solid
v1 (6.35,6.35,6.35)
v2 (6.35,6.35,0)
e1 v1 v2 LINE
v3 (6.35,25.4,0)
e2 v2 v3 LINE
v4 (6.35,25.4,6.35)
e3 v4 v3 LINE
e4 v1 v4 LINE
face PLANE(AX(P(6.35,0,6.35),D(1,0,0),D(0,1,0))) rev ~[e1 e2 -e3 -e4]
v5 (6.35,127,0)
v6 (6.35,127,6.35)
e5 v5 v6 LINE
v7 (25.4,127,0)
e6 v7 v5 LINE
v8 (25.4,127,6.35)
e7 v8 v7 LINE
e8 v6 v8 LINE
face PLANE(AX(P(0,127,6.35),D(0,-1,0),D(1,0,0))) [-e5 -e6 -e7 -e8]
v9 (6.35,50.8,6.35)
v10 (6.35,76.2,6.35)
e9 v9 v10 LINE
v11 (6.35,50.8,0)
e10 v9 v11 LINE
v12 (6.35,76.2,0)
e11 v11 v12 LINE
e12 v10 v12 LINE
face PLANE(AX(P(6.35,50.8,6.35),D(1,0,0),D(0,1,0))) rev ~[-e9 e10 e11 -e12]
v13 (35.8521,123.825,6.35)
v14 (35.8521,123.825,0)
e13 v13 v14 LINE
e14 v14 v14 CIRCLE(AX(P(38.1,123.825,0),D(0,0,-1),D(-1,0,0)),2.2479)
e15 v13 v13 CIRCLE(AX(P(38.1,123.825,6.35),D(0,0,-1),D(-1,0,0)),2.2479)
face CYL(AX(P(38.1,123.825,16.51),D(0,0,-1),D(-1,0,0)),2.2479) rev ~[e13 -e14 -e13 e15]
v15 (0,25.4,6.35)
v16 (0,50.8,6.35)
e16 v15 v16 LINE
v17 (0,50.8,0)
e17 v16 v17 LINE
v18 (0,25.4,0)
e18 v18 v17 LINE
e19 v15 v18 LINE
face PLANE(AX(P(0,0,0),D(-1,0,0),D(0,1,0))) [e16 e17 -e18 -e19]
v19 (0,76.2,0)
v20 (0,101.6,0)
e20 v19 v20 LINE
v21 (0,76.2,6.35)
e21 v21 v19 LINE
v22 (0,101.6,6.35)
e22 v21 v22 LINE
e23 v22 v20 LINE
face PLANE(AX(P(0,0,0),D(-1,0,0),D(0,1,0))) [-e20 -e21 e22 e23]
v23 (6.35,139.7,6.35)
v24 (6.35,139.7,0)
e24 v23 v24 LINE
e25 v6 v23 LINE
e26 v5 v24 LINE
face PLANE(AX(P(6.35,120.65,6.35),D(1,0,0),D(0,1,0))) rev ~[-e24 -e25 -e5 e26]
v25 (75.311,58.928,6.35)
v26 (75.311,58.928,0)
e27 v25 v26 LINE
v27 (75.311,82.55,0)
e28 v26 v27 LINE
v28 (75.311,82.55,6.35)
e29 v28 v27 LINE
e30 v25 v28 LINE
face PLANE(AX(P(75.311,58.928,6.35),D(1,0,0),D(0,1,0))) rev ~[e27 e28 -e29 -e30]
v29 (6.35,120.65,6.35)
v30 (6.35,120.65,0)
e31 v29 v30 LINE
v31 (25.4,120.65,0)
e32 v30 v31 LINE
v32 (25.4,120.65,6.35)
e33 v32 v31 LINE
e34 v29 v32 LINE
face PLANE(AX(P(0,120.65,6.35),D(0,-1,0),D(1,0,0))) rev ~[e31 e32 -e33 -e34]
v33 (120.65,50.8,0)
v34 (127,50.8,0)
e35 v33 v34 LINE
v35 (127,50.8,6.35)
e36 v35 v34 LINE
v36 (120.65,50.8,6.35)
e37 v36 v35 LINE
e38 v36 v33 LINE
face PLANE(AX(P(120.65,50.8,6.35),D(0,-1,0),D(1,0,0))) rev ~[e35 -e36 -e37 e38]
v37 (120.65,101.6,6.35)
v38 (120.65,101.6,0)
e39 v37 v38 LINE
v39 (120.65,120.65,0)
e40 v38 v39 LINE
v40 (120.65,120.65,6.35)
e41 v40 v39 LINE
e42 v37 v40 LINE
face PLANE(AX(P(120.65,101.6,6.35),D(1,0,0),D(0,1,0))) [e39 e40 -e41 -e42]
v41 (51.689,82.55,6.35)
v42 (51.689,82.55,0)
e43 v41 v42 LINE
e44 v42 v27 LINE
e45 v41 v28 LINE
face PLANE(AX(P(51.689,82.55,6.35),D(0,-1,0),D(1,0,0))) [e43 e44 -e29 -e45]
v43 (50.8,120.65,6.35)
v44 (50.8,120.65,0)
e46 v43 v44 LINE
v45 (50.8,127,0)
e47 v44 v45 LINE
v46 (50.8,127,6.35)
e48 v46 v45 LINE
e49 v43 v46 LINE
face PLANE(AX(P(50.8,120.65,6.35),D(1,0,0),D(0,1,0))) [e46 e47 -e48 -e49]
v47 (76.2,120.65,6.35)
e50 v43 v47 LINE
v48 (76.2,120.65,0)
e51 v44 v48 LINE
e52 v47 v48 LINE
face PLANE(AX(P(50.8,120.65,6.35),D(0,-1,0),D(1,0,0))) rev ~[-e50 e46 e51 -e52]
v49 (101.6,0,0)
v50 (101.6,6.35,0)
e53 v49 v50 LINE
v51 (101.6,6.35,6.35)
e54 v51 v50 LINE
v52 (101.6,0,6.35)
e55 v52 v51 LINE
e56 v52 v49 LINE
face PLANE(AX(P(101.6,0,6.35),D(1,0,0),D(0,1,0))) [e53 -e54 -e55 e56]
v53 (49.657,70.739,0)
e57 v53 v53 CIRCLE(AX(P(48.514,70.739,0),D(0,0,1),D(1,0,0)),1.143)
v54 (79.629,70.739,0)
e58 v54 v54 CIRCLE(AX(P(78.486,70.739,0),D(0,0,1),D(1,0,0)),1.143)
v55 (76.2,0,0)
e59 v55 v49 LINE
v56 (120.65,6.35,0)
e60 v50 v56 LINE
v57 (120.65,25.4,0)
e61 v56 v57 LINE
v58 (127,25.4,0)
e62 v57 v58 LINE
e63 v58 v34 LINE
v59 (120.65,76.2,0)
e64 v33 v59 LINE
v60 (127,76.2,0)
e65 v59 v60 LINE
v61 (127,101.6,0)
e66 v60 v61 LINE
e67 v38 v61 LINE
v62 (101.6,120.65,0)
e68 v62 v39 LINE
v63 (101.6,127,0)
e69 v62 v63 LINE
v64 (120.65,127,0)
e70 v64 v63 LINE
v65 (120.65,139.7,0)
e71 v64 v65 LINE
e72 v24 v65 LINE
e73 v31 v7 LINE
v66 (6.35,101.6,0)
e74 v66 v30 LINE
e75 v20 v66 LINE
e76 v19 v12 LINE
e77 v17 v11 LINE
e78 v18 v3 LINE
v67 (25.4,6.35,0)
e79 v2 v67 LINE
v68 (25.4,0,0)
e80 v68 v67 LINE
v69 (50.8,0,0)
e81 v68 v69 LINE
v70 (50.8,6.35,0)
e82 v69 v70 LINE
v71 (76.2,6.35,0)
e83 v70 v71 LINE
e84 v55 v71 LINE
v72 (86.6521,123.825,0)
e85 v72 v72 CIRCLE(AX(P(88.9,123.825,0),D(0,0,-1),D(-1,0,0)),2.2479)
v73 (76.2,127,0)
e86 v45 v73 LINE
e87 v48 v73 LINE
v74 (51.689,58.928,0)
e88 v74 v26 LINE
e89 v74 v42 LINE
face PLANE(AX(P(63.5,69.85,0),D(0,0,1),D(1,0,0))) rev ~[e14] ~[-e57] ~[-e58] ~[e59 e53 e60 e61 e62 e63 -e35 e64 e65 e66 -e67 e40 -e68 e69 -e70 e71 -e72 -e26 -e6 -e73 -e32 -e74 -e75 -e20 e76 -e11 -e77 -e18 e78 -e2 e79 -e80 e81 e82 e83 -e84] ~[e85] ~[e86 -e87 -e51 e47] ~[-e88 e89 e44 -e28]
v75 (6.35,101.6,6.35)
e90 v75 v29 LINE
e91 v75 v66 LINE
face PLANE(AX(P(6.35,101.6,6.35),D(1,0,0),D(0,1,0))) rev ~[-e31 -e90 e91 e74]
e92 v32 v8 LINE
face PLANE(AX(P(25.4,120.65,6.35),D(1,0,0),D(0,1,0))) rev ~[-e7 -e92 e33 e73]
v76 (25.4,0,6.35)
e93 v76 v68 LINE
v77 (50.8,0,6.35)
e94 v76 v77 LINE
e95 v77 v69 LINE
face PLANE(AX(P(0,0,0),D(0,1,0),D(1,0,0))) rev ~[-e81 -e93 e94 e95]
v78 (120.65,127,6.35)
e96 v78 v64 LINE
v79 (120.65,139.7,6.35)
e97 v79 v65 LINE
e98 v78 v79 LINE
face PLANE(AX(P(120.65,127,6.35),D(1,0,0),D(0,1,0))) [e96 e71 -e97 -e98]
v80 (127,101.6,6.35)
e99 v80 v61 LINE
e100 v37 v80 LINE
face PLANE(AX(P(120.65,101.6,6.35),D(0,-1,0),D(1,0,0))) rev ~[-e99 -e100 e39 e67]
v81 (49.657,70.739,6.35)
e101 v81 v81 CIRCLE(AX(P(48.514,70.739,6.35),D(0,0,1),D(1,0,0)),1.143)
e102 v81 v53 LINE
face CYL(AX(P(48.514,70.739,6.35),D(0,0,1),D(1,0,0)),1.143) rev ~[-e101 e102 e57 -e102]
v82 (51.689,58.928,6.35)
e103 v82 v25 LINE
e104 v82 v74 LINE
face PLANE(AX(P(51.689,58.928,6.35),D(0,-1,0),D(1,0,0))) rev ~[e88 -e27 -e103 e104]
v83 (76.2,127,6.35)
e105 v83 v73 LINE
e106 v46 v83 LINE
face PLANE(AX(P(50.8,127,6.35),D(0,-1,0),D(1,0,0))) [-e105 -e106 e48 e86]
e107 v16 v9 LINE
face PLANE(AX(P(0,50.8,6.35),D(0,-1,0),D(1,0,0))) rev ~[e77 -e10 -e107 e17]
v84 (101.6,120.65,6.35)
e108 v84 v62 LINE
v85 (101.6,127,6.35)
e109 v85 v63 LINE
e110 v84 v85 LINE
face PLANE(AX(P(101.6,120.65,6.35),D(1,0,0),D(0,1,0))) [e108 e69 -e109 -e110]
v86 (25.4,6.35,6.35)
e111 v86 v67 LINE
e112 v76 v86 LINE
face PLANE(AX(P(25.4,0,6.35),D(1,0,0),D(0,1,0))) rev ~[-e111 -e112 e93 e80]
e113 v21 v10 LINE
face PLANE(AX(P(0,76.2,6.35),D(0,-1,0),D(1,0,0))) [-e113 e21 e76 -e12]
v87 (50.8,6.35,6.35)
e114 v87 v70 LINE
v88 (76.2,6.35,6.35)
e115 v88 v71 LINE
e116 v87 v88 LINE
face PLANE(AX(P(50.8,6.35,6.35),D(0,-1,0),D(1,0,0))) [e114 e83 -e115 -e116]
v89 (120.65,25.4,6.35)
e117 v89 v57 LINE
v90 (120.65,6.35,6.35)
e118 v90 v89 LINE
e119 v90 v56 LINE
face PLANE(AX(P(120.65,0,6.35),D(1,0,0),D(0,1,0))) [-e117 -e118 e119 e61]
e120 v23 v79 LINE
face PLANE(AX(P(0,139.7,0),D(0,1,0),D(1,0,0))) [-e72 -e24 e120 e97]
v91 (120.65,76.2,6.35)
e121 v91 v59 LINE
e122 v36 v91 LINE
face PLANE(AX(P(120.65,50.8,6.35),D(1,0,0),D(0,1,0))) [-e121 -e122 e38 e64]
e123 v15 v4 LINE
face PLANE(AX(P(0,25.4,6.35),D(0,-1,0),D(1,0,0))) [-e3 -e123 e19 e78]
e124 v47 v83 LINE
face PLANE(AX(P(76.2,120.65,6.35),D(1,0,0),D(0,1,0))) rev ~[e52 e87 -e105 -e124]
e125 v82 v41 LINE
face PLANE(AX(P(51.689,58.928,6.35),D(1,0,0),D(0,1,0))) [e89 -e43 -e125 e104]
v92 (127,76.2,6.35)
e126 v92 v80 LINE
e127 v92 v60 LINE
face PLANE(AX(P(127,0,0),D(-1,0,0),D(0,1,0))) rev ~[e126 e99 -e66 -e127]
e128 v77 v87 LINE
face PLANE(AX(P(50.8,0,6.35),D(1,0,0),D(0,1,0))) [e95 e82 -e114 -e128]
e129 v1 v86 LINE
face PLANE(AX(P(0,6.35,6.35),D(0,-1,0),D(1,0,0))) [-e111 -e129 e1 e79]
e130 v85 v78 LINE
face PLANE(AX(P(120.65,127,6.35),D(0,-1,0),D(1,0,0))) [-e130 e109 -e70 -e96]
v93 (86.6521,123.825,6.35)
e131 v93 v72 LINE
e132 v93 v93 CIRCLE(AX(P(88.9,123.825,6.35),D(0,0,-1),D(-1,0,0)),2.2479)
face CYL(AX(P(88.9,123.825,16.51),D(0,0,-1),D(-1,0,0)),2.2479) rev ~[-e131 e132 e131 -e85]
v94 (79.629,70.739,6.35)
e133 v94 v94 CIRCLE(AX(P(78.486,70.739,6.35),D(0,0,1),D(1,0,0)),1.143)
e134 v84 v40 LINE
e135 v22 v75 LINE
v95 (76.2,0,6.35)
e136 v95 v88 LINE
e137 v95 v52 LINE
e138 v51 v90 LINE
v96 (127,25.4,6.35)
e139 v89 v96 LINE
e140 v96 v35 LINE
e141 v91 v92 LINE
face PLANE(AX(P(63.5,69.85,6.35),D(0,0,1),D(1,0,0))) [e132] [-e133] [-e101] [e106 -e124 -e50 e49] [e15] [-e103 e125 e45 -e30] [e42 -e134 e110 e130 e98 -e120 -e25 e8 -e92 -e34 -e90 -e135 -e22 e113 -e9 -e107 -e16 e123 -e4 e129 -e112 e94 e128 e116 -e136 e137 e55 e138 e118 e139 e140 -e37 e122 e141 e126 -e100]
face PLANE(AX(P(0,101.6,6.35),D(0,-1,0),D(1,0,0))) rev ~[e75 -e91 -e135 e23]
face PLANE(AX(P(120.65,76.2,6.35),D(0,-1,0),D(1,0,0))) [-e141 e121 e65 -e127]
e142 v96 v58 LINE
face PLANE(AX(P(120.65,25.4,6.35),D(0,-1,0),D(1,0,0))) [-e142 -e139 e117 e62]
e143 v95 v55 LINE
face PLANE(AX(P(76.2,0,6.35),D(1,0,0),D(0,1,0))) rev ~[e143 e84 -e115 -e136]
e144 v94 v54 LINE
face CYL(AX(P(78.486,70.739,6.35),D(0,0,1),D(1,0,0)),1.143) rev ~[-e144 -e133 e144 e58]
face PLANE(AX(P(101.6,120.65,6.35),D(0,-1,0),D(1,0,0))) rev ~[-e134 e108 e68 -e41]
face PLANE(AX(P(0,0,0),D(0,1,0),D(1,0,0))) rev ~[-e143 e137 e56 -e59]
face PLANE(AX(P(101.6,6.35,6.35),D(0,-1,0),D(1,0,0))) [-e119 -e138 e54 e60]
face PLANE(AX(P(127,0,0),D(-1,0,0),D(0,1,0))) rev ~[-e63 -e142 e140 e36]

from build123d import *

# Parameters (mm, degrees)
SKETCH1_W                 = 127
SKETCH1_H                 = 139.7
BOSS_EXTRUDE1_DEPTH       = 6.35
SKETCH5_W                 = 6.35
SKETCH5_H                 = 25.4
CUT_EXTRUDE4_DEPTH        = 6.35
SKETCH6_W                 = 25.4
SKETCH6_H                 = 6.35
CUT_EXTRUDE5_DEPTH        = 6.35
LPATTERN5_COUNT           = 3
LPATTERN5_PITCH           = 50.8
LPATTERN5_COUNT_DIR2      = 2
LPATTERN5_PITCH_DIR2      = 120.65
LPATTERN6_COUNT           = 3
LPATTERN6_PITCH           = 50.8
LPATTERN6_COUNT_DIR2      = 2
LPATTERN6_PITCH_DIR2      = 120.65
SKETCH7_W                 = 6.35
SKETCH7_H                 = 19.05
CUT_EXTRUDE6_DEPTH        = 6.35
SKETCH12_W                = 6.35
SKETCH12_H                = 12.7
CUT_EXTRUDE9_DEPTH        = 7.62
F_8_CLEARANCE_HOLE1_D     = 4.4958
F_8_CLEARANCE_HOLE1_DEPTH = 10.16
F_8_CLEARANCE_HOLE1_TIP   = 1.350674586
SKETCH11_R                = 1.143
SKETCH11_W                = 23.622
SKETCH11_H                = 23.622
CUT_EXTRUDE8_DEPTH        = 7.62


with BuildPart() as part:
    # Sketch1 → Boss-Extrude1 (new body)
    with BuildSketch(Plane.XY):
        with Locations((63.5, 69.85)):
            Rectangle(SKETCH1_W, SKETCH1_H)
    extrude(amount=BOSS_EXTRUDE1_DEPTH)

    # Sketch5 → Cut-Extrude4 (cut)
    with BuildSketch(Plane.XY.offset(6.35)):
        with Locations((3.175, 12.7)):
            Rectangle(SKETCH5_W, SKETCH5_H)
    cut_extrude4 = extrude(amount=-CUT_EXTRUDE4_DEPTH, mode=Mode.SUBTRACT)

    # Sketch6 → Cut-Extrude5 (cut)
    with BuildSketch(Plane.XY.offset(6.35)):
        with Locations((12.7, 3.175)):
            Rectangle(SKETCH6_W, SKETCH6_H)
    cut_extrude5 = extrude(amount=-CUT_EXTRUDE5_DEPTH, mode=Mode.SUBTRACT)

    # LPattern5: Cut-Extrude4 3 × 2
    with Locations(*[(j * LPATTERN5_PITCH_DIR2, i * LPATTERN5_PITCH, 0) for i in range(LPATTERN5_COUNT) for j in range(LPATTERN5_COUNT_DIR2) if (i, j) != (0, 0)]):
        add(cut_extrude4, mode=Mode.SUBTRACT)

    # LPattern6: Cut-Extrude5 3 × 2
    with Locations(*[(i * LPATTERN6_PITCH, j * LPATTERN6_PITCH_DIR2, 0) for i in range(LPATTERN6_COUNT) for j in range(LPATTERN6_COUNT_DIR2) if (i, j) != (0, 0)]):
        add(cut_extrude5, mode=Mode.SUBTRACT)

    # Sketch7 → Cut-Extrude6 (cut)
    with BuildSketch(Plane.XY.offset(6.35)):
        with Locations((3.175, 130.175)):
            Rectangle(SKETCH7_W, SKETCH7_H)
    extrude(amount=-CUT_EXTRUDE6_DEPTH, mode=Mode.SUBTRACT)

    # Sketch12 → Cut-Extrude9 (cut)
    with BuildSketch(Plane.XY.offset(6.35)):
        with Locations((123.825, 133.35)):
            Rectangle(SKETCH12_W, SKETCH12_H)
    extrude(amount=-CUT_EXTRUDE9_DEPTH, mode=Mode.SUBTRACT)

    # #8 Clearance Hole1
    with Locations(Plane.XY.offset(6.35)):
        with Locations((38.1, 123.825), (88.9, 123.825)):
            Hole(F_8_CLEARANCE_HOLE1_D / 2, depth=F_8_CLEARANCE_HOLE1_DEPTH)
            with Locations((0, 0, -(F_8_CLEARANCE_HOLE1_DEPTH + F_8_CLEARANCE_HOLE1_TIP / 2))):  # 118° drill point
                Cone(0, F_8_CLEARANCE_HOLE1_D / 2, F_8_CLEARANCE_HOLE1_TIP, mode=Mode.SUBTRACT)

    # Sketch11 → Cut-Extrude8 (cut)
    with BuildSketch(Plane.XY.offset(6.35)):
        with Locations((48.514, 70.739)):
            Circle(SKETCH11_R)
        with Locations((78.486, 70.739)):
            Circle(SKETCH11_R)
        with Locations((63.5, 70.739)):
            Rectangle(SKETCH11_W, SKETCH11_H)
    extrude(amount=-CUT_EXTRUDE8_DEPTH, mode=Mode.SUBTRACT)


solid = part.part
